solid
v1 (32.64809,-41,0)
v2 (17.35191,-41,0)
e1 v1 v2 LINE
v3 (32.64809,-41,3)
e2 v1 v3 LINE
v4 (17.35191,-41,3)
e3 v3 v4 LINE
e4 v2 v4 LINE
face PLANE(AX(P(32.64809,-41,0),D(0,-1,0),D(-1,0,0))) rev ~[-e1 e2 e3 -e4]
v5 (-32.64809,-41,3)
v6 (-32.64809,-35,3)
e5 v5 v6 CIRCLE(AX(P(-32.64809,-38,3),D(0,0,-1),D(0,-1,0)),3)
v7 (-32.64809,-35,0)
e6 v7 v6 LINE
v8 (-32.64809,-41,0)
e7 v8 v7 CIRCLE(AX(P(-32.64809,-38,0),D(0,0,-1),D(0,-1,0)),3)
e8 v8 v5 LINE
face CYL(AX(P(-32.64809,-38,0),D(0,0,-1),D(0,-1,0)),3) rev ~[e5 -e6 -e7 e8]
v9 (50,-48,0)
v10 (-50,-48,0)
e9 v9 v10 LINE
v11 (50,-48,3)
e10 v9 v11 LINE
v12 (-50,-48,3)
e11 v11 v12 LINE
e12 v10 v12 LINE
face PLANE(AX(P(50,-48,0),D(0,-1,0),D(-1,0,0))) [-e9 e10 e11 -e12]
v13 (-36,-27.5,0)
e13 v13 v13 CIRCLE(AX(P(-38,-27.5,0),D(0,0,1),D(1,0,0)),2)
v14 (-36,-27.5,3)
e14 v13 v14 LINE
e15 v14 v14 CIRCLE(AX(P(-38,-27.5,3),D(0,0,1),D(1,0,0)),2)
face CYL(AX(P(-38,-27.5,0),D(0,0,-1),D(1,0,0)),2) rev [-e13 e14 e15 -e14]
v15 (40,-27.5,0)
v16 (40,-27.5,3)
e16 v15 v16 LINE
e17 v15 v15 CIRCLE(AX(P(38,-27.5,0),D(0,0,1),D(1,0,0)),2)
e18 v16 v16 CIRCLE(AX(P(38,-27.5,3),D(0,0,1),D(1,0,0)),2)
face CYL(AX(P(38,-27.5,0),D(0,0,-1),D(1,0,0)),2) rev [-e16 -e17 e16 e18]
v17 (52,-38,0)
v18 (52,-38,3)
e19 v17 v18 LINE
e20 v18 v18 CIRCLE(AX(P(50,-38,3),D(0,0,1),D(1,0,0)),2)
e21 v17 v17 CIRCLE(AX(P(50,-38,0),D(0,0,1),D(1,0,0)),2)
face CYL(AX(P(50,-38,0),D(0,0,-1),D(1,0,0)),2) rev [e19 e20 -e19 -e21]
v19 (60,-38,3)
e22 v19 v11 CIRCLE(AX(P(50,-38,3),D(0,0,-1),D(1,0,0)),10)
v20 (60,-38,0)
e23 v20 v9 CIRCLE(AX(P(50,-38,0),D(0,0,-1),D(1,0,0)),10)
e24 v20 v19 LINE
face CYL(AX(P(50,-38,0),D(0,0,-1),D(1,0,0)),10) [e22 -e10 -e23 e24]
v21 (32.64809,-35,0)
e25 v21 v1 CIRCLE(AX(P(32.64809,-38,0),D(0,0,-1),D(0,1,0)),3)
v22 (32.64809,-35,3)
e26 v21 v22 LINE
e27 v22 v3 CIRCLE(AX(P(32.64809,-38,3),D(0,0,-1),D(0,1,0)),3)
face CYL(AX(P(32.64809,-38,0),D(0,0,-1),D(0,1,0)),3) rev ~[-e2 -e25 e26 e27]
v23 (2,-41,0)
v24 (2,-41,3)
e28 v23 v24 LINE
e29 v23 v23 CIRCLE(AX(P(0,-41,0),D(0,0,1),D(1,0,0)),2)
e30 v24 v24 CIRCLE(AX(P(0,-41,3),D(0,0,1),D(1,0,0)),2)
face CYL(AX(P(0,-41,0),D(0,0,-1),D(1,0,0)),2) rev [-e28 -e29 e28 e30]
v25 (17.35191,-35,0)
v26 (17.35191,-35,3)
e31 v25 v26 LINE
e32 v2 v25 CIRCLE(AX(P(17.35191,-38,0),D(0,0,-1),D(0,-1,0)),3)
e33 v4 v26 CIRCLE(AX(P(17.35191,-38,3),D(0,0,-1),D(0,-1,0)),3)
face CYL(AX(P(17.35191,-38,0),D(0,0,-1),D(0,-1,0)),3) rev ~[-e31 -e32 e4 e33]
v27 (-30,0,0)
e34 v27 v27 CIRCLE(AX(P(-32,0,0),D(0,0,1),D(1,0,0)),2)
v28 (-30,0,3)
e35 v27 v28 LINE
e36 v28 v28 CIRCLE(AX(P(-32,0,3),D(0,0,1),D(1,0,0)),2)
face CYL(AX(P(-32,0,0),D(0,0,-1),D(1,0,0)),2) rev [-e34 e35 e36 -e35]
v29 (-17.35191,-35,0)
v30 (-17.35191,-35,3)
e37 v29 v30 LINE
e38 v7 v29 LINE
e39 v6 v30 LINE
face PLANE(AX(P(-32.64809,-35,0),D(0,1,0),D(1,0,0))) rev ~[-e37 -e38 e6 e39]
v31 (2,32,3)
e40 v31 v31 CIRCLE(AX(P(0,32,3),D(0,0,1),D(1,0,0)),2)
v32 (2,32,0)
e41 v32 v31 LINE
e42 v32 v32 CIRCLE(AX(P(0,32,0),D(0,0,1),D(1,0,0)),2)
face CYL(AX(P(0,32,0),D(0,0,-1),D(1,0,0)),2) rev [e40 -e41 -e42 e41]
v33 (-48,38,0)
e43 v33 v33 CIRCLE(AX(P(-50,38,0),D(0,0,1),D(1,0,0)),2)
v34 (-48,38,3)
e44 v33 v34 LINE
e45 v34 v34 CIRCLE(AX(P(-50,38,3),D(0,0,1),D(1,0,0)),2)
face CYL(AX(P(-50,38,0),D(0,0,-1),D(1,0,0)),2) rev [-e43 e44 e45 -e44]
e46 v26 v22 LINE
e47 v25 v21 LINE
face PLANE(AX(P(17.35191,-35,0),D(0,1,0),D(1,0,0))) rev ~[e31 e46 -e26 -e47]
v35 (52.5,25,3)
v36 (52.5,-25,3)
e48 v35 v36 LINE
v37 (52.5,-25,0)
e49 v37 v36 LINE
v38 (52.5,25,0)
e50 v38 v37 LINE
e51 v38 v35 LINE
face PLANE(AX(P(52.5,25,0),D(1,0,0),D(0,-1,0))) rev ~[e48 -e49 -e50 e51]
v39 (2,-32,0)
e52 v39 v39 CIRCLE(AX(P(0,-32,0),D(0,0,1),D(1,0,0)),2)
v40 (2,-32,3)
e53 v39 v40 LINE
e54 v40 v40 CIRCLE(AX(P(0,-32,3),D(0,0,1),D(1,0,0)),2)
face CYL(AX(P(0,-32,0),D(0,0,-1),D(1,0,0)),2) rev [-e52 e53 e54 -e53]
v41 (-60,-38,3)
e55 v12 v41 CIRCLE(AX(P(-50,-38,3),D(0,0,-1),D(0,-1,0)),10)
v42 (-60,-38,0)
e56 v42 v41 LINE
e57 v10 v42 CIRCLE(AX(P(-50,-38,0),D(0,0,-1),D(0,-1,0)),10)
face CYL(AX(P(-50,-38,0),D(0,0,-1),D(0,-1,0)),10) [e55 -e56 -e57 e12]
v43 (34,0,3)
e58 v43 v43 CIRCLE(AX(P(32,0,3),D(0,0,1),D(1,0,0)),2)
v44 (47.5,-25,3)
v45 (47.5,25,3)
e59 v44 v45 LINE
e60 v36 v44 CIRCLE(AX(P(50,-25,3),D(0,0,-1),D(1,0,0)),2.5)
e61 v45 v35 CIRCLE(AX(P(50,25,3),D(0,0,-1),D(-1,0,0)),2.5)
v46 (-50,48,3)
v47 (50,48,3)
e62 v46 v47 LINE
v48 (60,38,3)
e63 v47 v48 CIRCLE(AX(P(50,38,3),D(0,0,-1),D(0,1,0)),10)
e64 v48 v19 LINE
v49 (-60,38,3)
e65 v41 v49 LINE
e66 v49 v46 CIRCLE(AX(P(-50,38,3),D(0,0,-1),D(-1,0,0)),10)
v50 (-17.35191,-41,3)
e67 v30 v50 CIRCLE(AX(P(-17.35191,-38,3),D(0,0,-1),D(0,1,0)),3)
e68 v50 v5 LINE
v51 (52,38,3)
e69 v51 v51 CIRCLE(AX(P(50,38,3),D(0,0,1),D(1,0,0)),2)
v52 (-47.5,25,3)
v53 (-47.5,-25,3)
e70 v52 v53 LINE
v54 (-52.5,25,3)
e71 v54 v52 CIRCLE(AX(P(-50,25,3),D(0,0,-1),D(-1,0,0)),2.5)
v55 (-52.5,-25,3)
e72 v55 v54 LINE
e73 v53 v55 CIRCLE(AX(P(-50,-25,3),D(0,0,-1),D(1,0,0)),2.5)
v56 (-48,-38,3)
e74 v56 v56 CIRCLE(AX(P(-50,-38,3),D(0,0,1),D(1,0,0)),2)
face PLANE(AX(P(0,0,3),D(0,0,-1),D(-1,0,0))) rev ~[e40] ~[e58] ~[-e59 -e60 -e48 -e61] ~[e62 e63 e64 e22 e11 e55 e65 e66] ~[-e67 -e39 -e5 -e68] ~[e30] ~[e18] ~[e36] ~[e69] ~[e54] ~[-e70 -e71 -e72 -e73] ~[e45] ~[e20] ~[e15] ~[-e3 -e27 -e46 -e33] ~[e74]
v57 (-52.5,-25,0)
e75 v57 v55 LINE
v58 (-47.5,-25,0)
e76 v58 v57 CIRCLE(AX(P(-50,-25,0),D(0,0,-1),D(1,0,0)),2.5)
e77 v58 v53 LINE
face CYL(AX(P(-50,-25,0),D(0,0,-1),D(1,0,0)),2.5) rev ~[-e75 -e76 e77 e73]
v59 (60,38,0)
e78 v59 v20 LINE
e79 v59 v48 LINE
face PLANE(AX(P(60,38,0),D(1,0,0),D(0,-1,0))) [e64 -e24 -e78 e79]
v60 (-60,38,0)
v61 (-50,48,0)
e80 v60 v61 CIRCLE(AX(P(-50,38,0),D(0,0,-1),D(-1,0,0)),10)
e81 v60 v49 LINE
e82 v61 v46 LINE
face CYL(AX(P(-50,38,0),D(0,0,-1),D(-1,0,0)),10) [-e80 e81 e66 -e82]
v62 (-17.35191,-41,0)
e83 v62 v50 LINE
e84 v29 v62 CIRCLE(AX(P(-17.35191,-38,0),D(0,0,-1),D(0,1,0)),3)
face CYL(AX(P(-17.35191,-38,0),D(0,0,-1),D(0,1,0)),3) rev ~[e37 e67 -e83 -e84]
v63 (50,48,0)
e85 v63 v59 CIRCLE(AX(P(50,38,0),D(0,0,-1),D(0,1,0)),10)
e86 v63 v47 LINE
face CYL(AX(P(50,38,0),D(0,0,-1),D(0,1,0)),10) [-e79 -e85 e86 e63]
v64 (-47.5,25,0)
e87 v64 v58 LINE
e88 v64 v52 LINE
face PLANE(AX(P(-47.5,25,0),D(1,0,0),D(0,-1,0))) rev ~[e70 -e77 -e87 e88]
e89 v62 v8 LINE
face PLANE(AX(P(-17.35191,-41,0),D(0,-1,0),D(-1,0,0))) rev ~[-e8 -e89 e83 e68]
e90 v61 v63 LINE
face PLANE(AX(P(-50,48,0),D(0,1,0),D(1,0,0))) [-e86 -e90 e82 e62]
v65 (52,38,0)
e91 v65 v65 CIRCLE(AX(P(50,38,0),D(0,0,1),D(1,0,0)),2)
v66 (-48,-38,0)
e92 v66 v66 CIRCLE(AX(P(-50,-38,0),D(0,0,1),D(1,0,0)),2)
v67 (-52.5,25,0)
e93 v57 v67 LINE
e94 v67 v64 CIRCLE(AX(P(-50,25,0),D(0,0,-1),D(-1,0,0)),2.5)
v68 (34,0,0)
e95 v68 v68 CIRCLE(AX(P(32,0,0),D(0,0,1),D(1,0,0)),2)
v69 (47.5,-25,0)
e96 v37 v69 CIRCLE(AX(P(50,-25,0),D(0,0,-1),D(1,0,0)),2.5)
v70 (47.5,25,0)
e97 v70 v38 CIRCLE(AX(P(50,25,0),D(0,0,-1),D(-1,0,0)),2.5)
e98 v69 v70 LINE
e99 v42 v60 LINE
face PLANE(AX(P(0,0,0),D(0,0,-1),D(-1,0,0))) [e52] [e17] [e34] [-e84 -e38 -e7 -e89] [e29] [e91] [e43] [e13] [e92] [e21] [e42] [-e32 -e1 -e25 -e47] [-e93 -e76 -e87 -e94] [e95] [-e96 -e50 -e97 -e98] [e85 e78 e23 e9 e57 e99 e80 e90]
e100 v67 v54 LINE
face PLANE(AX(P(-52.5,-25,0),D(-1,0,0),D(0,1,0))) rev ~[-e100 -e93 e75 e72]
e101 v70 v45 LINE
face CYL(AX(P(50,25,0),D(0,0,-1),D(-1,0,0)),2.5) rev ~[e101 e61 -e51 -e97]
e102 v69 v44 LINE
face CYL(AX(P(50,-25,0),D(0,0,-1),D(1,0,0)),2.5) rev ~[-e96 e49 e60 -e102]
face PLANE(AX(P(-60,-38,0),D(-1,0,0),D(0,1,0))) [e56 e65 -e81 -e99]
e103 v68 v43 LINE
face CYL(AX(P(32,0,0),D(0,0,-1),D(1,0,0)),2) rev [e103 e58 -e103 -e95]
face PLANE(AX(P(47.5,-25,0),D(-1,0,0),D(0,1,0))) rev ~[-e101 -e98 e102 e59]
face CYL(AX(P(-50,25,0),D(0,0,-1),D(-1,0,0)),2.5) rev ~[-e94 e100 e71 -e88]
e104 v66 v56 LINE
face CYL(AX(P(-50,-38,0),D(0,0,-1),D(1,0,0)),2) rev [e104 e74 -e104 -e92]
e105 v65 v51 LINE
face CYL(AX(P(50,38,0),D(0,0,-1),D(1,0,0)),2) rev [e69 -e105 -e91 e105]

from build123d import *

# Parameters (mm, degrees)
SKETCH1_R           = 2
BOSS_EXTRUDE1_DEPTH = 3


with BuildPart() as part:
    # Sketch1 → Boss-Extrude1 (new body)
    with BuildSketch(Plane.XY):
        with BuildLine():
            Line((-50, 48), (50, 48))
            ThreePointArc((50, 48), (57.071067812, 45.071067812), (60, 38))
            Line((60, 38), (60, -38))
            ThreePointArc((60, -38), (57.071067812, -45.071067812), (50, -48))
            Line((50, -48), (-50, -48))
            ThreePointArc((-50, -48), (-57.071067812, -45.071067812), (-60, -38))
            Line((-60, -38), (-60, 38))
            ThreePointArc((-60, 38), (-57.071067812, 45.071067812), (-50, 48))
        make_face()
        with Locations((0, 32)):
            Circle(SKETCH1_R, mode=Mode.SUBTRACT)
        with Locations((0, -32)):
            Circle(SKETCH1_R, mode=Mode.SUBTRACT)
        with Locations((32, 0)):
            Circle(SKETCH1_R, mode=Mode.SUBTRACT)
        with Locations((-32, 0)):
            Circle(SKETCH1_R, mode=Mode.SUBTRACT)
        with Locations((-50, 38)):
            Circle(SKETCH1_R, mode=Mode.SUBTRACT)
        with Locations((50, 38)):
            Circle(SKETCH1_R, mode=Mode.SUBTRACT)
        with Locations((50, -38)):
            Circle(SKETCH1_R, mode=Mode.SUBTRACT)
        with Locations((-50, -38)):
            Circle(SKETCH1_R, mode=Mode.SUBTRACT)
        with Locations((-38, -27.5)):
            Circle(SKETCH1_R, mode=Mode.SUBTRACT)
        with Locations((38, -27.5)):
            Circle(SKETCH1_R, mode=Mode.SUBTRACT)
        with Locations((0, -41)):
            Circle(SKETCH1_R, mode=Mode.SUBTRACT)
        with BuildLine():
            Line((17.35191045, -35), (32.64808955, -35))
            ThreePointArc((32.64808955, -35), (35.64808955, -38), (32.64808955, -41))
            Line((32.64808955, -41), (17.35191045, -41))
            ThreePointArc((17.35191045, -41), (14.35191045, -38), (17.35191045, -35))
        make_face(mode=Mode.SUBTRACT)
        with BuildLine():
            Line((52.5, 25), (52.5, -25))
            ThreePointArc((52.5, -25), (50, -27.5), (47.5, -25))
            Line((47.5, -25), (47.5, 25))
            ThreePointArc((47.5, 25), (50, 27.5), (52.5, 25))
        make_face(mode=Mode.SUBTRACT)
        with BuildLine():
            Line((-47.5, 25), (-47.5, -25))
            ThreePointArc((-47.5, -25), (-50, -27.5), (-52.5, -25))
            Line((-52.5, -25), (-52.5, 25))
            ThreePointArc((-52.5, 25), (-50, 27.5), (-47.5, 25))
        make_face(mode=Mode.SUBTRACT)
        with BuildLine():
            Line((-32.64808955, -35), (-17.35191045, -35))
            ThreePointArc((-17.35191045, -35), (-14.35191045, -38), (-17.35191045, -41))
            Line((-17.35191045, -41), (-32.64808955, -41))
            ThreePointArc((-32.64808955, -41), (-35.64808955, -38), (-32.64808955, -35))
        make_face(mode=Mode.SUBTRACT)
    extrude(amount=BOSS_EXTRUDE1_DEPTH)


solid = part.part
